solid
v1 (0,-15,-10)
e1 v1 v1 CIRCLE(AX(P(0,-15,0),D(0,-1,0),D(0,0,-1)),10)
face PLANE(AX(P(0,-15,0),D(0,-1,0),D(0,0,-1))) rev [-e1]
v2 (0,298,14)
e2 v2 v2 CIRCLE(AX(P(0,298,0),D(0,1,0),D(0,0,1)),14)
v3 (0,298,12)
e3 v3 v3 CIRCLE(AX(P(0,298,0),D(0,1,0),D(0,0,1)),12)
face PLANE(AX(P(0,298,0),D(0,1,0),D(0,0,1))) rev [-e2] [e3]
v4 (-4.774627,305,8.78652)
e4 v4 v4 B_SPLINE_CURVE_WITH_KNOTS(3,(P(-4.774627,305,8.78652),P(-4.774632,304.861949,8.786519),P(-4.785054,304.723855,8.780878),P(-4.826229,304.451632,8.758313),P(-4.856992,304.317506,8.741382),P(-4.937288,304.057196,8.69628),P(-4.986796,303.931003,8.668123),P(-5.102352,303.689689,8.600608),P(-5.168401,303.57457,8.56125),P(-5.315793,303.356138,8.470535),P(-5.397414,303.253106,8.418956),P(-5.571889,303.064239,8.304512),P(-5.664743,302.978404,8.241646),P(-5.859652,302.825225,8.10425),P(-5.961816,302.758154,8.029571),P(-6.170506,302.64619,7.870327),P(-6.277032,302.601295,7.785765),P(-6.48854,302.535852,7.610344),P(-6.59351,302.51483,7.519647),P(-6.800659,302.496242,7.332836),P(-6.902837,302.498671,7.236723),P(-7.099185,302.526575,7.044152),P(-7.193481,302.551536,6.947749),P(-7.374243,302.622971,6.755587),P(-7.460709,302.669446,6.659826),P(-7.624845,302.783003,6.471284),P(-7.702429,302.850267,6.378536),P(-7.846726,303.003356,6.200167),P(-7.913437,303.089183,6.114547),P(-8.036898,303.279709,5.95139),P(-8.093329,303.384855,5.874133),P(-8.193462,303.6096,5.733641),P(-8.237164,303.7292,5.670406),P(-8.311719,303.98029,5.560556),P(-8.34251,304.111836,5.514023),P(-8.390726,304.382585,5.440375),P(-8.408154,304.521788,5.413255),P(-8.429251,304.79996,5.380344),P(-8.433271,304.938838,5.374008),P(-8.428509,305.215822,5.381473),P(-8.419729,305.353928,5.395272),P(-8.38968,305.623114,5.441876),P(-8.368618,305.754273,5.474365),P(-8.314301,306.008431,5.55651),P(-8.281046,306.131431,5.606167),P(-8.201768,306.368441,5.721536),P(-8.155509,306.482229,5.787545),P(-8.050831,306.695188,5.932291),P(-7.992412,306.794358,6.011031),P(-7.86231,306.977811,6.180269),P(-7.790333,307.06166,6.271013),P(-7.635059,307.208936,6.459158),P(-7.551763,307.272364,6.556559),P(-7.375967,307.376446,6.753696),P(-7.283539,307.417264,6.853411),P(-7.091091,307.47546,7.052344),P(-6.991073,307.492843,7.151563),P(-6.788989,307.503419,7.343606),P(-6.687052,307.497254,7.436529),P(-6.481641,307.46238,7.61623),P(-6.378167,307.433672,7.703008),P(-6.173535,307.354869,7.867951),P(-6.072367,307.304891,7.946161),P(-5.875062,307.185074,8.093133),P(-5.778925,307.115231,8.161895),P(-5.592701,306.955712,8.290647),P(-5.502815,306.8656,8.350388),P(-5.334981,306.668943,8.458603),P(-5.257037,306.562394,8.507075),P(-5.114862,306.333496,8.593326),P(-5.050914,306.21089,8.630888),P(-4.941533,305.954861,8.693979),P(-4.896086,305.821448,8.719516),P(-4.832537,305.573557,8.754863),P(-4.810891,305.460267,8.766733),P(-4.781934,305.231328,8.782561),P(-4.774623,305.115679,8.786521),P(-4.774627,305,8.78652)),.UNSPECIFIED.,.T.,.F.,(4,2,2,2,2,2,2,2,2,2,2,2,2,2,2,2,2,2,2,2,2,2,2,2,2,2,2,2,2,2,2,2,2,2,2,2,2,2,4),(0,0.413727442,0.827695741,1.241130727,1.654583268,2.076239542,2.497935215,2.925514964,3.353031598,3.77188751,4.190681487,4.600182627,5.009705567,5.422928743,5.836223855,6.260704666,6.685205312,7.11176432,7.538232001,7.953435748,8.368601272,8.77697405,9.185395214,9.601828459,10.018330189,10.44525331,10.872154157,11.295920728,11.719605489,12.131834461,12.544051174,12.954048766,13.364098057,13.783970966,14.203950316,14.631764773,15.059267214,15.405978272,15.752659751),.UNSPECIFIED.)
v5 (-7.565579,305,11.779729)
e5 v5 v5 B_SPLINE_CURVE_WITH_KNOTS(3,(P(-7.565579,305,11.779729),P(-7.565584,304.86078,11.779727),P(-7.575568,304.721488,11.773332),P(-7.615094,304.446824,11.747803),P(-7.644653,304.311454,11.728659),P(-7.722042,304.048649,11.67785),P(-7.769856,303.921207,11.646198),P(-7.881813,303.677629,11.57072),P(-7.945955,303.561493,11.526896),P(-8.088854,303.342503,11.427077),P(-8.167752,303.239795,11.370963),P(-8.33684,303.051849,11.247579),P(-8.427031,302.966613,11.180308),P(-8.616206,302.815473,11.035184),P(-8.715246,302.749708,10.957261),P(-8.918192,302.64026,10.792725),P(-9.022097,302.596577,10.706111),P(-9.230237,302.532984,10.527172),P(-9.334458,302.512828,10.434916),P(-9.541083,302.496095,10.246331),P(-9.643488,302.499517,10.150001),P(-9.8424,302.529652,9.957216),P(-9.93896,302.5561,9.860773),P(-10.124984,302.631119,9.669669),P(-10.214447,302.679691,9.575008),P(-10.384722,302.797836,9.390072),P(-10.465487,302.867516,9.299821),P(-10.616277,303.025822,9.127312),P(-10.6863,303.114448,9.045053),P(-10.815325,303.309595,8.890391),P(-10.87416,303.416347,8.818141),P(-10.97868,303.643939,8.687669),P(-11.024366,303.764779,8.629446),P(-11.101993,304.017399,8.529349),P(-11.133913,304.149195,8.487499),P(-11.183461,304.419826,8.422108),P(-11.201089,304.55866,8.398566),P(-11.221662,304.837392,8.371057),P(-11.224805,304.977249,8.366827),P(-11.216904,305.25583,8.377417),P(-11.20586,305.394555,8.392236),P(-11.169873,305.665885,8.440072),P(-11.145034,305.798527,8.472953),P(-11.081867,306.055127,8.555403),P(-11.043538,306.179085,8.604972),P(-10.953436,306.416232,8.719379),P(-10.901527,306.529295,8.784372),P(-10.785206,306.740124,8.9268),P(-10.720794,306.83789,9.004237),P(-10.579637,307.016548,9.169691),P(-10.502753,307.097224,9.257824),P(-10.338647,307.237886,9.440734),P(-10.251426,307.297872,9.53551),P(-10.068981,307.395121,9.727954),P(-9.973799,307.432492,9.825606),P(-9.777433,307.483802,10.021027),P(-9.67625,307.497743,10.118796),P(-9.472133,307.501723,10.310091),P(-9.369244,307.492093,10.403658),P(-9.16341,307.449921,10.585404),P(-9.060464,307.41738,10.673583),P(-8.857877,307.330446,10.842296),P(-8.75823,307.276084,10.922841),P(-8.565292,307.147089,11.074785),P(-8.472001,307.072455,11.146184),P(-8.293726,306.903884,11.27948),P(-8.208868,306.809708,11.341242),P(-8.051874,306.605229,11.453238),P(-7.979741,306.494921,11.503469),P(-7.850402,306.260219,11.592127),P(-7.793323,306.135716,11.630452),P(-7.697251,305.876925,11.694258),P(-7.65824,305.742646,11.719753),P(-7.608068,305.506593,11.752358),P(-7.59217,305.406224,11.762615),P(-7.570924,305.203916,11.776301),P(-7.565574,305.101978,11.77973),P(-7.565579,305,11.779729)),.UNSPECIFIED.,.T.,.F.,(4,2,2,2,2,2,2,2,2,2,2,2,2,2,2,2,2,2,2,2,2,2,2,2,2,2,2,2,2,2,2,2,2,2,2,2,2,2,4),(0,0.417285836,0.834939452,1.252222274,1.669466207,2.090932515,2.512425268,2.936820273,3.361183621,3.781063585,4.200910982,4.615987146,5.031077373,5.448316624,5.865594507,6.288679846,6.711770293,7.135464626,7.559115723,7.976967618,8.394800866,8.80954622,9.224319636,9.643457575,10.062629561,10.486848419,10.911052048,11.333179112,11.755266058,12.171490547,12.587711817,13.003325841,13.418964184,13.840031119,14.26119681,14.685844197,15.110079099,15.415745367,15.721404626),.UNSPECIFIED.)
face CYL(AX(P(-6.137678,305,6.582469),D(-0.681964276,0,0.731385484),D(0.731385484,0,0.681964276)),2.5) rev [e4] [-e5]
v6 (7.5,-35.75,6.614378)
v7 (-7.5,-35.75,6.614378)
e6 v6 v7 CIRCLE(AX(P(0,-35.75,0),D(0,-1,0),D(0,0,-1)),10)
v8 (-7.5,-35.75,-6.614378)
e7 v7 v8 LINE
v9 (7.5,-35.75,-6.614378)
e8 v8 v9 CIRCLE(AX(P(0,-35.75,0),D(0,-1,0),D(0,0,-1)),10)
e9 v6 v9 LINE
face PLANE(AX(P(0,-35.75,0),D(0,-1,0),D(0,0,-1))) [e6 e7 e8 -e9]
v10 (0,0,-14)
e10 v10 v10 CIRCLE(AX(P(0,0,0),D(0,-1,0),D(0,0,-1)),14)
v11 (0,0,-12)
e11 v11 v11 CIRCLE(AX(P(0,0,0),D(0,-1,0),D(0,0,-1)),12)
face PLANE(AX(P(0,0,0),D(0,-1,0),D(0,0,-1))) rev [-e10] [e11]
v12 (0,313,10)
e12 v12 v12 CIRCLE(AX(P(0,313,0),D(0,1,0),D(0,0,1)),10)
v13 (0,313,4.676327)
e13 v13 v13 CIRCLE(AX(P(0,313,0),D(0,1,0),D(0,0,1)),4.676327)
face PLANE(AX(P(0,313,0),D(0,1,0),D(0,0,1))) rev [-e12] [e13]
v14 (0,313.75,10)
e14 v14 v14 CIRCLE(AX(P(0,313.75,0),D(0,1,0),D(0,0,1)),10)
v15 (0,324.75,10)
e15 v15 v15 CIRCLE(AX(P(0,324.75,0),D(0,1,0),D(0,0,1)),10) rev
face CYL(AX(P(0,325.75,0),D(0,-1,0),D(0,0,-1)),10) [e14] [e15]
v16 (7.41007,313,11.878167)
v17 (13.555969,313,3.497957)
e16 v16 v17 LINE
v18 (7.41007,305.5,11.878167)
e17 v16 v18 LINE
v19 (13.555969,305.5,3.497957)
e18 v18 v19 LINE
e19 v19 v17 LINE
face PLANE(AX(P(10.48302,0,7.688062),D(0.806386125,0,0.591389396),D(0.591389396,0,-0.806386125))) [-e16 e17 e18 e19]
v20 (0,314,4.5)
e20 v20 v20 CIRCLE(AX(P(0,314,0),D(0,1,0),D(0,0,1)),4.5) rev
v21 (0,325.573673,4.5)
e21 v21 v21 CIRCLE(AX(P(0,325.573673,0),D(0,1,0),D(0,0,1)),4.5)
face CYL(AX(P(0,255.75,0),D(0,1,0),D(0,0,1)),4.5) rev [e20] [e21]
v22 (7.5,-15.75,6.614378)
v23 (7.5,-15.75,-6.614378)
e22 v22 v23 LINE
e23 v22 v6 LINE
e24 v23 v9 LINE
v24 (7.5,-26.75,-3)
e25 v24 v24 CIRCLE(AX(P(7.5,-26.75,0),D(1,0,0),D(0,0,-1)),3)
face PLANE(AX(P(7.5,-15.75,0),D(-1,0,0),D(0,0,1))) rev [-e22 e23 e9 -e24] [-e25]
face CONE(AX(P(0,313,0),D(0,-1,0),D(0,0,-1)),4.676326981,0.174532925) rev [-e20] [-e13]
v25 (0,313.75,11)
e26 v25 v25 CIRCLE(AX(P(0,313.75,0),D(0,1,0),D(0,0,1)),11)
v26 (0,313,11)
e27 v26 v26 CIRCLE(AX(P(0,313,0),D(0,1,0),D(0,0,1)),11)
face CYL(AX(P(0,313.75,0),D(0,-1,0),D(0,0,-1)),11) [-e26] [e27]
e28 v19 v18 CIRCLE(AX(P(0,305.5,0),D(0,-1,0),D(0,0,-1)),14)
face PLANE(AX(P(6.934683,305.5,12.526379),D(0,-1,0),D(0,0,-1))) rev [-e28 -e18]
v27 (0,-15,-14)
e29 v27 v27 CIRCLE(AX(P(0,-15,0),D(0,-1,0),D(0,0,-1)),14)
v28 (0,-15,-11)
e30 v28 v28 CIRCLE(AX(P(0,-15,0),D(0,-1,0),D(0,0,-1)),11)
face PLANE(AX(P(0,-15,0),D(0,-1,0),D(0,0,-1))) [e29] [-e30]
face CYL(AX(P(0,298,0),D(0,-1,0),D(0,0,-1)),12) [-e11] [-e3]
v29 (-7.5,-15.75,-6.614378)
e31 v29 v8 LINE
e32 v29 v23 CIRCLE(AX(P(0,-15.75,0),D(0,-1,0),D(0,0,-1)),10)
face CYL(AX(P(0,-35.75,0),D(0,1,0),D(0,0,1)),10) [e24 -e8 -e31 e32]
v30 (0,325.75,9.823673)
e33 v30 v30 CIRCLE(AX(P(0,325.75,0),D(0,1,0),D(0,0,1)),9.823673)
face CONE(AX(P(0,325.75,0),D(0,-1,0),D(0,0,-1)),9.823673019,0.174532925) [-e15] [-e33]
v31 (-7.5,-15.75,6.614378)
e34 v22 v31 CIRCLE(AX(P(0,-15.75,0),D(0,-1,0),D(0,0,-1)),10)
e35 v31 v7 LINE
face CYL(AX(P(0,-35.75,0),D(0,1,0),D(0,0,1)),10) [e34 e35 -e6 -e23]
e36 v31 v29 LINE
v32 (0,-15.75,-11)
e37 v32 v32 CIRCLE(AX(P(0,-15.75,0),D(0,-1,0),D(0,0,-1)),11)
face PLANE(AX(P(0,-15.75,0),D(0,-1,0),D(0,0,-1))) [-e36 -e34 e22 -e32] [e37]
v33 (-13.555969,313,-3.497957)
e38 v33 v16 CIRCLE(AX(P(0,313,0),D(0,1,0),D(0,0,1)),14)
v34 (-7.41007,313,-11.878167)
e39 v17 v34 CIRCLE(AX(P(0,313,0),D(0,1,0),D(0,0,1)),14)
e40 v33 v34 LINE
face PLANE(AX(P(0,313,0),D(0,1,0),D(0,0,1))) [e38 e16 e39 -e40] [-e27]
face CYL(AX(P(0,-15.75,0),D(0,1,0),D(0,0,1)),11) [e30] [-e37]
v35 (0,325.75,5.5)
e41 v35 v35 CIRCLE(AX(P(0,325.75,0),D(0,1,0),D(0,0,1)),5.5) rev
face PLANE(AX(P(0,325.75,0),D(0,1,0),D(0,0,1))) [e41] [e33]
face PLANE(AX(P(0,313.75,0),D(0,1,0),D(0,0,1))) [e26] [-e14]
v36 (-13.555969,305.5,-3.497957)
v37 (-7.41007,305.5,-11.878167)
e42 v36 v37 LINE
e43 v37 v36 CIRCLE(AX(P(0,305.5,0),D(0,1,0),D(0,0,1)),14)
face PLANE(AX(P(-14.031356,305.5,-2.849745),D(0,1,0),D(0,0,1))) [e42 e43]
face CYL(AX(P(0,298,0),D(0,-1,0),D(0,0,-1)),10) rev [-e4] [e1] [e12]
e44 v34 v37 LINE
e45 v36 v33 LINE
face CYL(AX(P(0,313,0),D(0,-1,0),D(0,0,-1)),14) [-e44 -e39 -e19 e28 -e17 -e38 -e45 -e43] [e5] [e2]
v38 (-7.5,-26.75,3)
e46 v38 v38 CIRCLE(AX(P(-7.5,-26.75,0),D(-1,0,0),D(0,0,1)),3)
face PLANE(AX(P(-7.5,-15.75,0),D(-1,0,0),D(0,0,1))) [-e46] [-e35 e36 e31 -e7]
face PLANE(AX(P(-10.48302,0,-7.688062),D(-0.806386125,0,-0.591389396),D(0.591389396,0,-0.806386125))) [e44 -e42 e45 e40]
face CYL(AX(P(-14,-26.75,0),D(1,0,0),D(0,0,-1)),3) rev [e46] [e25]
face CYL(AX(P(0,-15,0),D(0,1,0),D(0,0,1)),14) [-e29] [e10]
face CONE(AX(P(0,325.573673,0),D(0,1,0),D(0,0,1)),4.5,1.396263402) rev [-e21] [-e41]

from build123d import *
from OCP.BRepFilletAPI import BRepFilletAPI_MakeChamfer

# Parameters (mm, degrees)
SKETCH1_R           = 12
SKETCH1_R_2         = 10
BOSS_EXTRUDE1_DEPTH = 298
SKETCH2_R           = 14
SKETCH2_R_2         = 10
BOSS_EXTRUDE2_DEPTH = 15
SKETCH4_W           = 12
SKETCH4_H           = 7.5
CUT_EXTRUDE1_DEPTH  = 1
SKETCH5_R           = 2.5
CUT_EXTRUDE2_DEPTH  = 5
SKETCH6_R           = 11
BOSS_EXTRUDE3_DEPTH = 0.75
SKETCH7_R           = 10
BOSS_EXTRUDE4_DEPTH = 12
SKETCH9_R           = 14
SKETCH9_R_2         = 10
BOSS_EXTRUDE6_DEPTH = 15
SKETCH10_R          = 11
BOSS_EXTRUDE7_DEPTH = 0.75
SKETCH11_R          = 10
BOSS_EXTRUDE8_DEPTH = 20
CUT_EXTRUDE4_DEPTH  = 20
SKETCH13_R          = 3
CUT_EXTRUDE5_DEPTH  = 327.758798668
SKETCH14_R          = 4.5
CUT_EXTRUDE6_DEPTH  = 70
CHAMFER1_SIZE       = 1
CHAMFER1_SIZE2      = 0.176326981


with BuildPart() as part:
    # Sketch1 → Boss-Extrude1 (new body)
    with BuildSketch(Plane(origin=(0, 0, 0), x_dir=(1, 0, 0), z_dir=(0, 1, 0))):
        with Locations(Location((0, 0, 0), (0, 0, 270))):
            Circle(SKETCH1_R)
        with Locations(Location((0, 0, 0), (0, 0, 270))):
            Circle(SKETCH1_R_2, mode=Mode.SUBTRACT)
    extrude(amount=BOSS_EXTRUDE1_DEPTH)

    # Sketch2 → Boss-Extrude2 (add)
    with BuildSketch(Plane(origin=(0, 298, 0), x_dir=(1, 0, 0), z_dir=(0, 1, 0))):
        with Locations(Location((0, 0, 0), (0, 0, 270))):
            Circle(SKETCH2_R)
        with Locations(Location((0, 0, 0), (0, 0, 270))):
            Circle(SKETCH2_R_2, mode=Mode.SUBTRACT)
    extrude(amount=BOSS_EXTRUDE2_DEPTH)

    # Sketch4 → Cut-Extrude1 (cut)
    with BuildSketch(Plane(origin=(11.289405747, 313, 8.279451545), x_dir=(0.5913893960477971, 0, -0.8063861247828004), z_dir=(0.8063861247828003, 0, 0.591389396047797))):
        with Locations((0, -3.75)):
            Rectangle(SKETCH4_W, SKETCH4_H)
    cut_extrude1 = extrude(amount=-CUT_EXTRUDE1_DEPTH, mode=Mode.SUBTRACT)

    # Mirror1: Cut-Extrude1 across plane
    add(cut_extrude1.mirror(Plane(origin=(0, 313, 0), x_dir=(-0.5913893960477972, 0, 0.8063861247828003), z_dir=(0.8063861247828004, 0, 0.5913893960477971))), mode=Mode.SUBTRACT)

    # Sketch5 → Cut-Extrude2 (cut)
    with BuildSketch(Plane(origin=(-9.547499861, 313, 10.239396779), x_dir=(0.7313854842378409, 0, 0.6819642757844279), z_dir=(-0.6819642757844279, 0, 0.7313854842378409))):
        with Locations((0, -8)):
            Circle(SKETCH5_R)
    extrude(amount=-CUT_EXTRUDE2_DEPTH, mode=Mode.SUBTRACT)

    # Sketch6 → Boss-Extrude3 (add)
    with BuildSketch(Plane(origin=(0, 313, 0), x_dir=(1, 0, 0), z_dir=(0, 1, 0))):
        with Locations(Location((0, 0, 0), (0, 0, 270))):
            Circle(SKETCH6_R)
    extrude(amount=BOSS_EXTRUDE3_DEPTH)

    # Sketch7 → Boss-Extrude4 (add)
    with BuildSketch(Plane(origin=(0, 313.75, 0), x_dir=(1, 0, 0), z_dir=(0, 1, 0))):
        with Locations(Location((0, 0, 0), (0, 0, 270))):
            Circle(SKETCH7_R)
    extrude(amount=BOSS_EXTRUDE4_DEPTH)

    # Sketch9 → Boss-Extrude6 (add)
    with BuildSketch(Plane.XZ):
        with Locations(Location((0, 0, 0), (0, 0, 238.042455368))):
            Circle(SKETCH9_R)
        with Locations(Location((0, 0, 0), (0, 0, 270))):
            Circle(SKETCH9_R_2, mode=Mode.SUBTRACT)
    extrude(amount=BOSS_EXTRUDE6_DEPTH)

    # Sketch10 → Boss-Extrude7 (add)
    with BuildSketch(Plane.XZ.offset(15)):
        with Locations(Location((0, 0, 0), (0, 0, 90))):
            Circle(SKETCH10_R)
    extrude(amount=BOSS_EXTRUDE7_DEPTH)

    # Sketch11 → Boss-Extrude8 (add)
    with BuildSketch(Plane.XZ.offset(15.75)):
        with Locations(Location((0, 0, 0), (0, 0, 270))):
            Circle(SKETCH11_R)
    extrude(amount=BOSS_EXTRUDE8_DEPTH)

    # Sketch12 → Cut-Extrude4 (cut)
    with BuildSketch(Plane.XZ.offset(35.75)):
        with BuildLine():
            Line((-7.5, -6.614378278), (-7.5, 6.614378278))
            ThreePointArc((-7.5, 6.614378278), (-10, 0), (-7.5, -6.614378278))
        make_face()
        with BuildLine():
            ThreePointArc((10, 0), (9.354143467, 3.535533906), (7.5, 6.614378278))
            Line((7.5, 6.614378278), (7.5, -6.614378278))
            ThreePointArc((7.5, -6.614378278), (9.354143467, -3.535533906), (10, 0))
        make_face()
    extrude(amount=-CUT_EXTRUDE4_DEPTH, mode=Mode.SUBTRACT)

    # Sketch13 → Cut-Extrude5 (cut, through all)
    with BuildSketch(Plane(origin=(7.5, 0, 0), x_dir=(0, 0, -1), z_dir=(1, 0, 0))):
        with Locations((0, -26.75)):
            Circle(SKETCH13_R)
    extrude(amount=-CUT_EXTRUDE5_DEPTH, mode=Mode.SUBTRACT)

    # Sketch14 → Cut-Extrude6 (cut)
    with BuildSketch(Plane(origin=(0, 325.75, 0), x_dir=(1, 0, 0), z_dir=(0, 1, 0))):
        with Locations(Location((0, 0, 0), (0, 0, 270))):
            Circle(SKETCH14_R)
    extrude(amount=-CUT_EXTRUDE6_DEPTH, mode=Mode.SUBTRACT)

    # Chamfer1: one chamfer whose edges measure the first distance from different faces: ONE call of the kernel's chamfer builder (chamfer() names one face for all edges)
    chamfer1_edges_1 = [part.edges().sort_by_distance(p)[0] for p in [
        (0, 313, -4.5),
    ]]
    chamfer1_side_1 = [part.faces().sort_by_distance(p)[0] for p in [
        (0, 319.375, -4.5),
    ]]
    chamfer1_edges_2 = [part.edges().sort_by_distance(p)[0] for p in [
        (0, 325.75, -4.5),
    ]]
    chamfer1_side_2 = [part.faces().sort_by_distance(p)[0] for p in [
        (0, 325.75, -9.717157288),
    ]]
    chamfer1_edges_3 = [part.edges().sort_by_distance(p)[0] for p in [
        (0, 325.75, -10),
    ]]
    chamfer1_side_3 = [part.faces().sort_by_distance(p)[0] for p in [
        (0, 319.75, -10),
    ]]
    chamfer1 = BRepFilletAPI_MakeChamfer(part.part.solid().wrapped)
    for e in chamfer1_edges_1:
        chamfer1.Add(CHAMFER1_SIZE, CHAMFER1_SIZE2, e.wrapped, chamfer1_side_1[0].wrapped)  # the first distance lies on this face
    for e in chamfer1_edges_2:
        chamfer1.Add(CHAMFER1_SIZE, CHAMFER1_SIZE2, e.wrapped, chamfer1_side_2[0].wrapped)  # the first distance lies on this face
    for e in chamfer1_edges_3:
        chamfer1.Add(CHAMFER1_SIZE, CHAMFER1_SIZE2, e.wrapped, chamfer1_side_3[0].wrapped)  # the first distance lies on this face
    add(Compound.cast(chamfer1.Shape()), mode=Mode.REPLACE)


solid = part.part
